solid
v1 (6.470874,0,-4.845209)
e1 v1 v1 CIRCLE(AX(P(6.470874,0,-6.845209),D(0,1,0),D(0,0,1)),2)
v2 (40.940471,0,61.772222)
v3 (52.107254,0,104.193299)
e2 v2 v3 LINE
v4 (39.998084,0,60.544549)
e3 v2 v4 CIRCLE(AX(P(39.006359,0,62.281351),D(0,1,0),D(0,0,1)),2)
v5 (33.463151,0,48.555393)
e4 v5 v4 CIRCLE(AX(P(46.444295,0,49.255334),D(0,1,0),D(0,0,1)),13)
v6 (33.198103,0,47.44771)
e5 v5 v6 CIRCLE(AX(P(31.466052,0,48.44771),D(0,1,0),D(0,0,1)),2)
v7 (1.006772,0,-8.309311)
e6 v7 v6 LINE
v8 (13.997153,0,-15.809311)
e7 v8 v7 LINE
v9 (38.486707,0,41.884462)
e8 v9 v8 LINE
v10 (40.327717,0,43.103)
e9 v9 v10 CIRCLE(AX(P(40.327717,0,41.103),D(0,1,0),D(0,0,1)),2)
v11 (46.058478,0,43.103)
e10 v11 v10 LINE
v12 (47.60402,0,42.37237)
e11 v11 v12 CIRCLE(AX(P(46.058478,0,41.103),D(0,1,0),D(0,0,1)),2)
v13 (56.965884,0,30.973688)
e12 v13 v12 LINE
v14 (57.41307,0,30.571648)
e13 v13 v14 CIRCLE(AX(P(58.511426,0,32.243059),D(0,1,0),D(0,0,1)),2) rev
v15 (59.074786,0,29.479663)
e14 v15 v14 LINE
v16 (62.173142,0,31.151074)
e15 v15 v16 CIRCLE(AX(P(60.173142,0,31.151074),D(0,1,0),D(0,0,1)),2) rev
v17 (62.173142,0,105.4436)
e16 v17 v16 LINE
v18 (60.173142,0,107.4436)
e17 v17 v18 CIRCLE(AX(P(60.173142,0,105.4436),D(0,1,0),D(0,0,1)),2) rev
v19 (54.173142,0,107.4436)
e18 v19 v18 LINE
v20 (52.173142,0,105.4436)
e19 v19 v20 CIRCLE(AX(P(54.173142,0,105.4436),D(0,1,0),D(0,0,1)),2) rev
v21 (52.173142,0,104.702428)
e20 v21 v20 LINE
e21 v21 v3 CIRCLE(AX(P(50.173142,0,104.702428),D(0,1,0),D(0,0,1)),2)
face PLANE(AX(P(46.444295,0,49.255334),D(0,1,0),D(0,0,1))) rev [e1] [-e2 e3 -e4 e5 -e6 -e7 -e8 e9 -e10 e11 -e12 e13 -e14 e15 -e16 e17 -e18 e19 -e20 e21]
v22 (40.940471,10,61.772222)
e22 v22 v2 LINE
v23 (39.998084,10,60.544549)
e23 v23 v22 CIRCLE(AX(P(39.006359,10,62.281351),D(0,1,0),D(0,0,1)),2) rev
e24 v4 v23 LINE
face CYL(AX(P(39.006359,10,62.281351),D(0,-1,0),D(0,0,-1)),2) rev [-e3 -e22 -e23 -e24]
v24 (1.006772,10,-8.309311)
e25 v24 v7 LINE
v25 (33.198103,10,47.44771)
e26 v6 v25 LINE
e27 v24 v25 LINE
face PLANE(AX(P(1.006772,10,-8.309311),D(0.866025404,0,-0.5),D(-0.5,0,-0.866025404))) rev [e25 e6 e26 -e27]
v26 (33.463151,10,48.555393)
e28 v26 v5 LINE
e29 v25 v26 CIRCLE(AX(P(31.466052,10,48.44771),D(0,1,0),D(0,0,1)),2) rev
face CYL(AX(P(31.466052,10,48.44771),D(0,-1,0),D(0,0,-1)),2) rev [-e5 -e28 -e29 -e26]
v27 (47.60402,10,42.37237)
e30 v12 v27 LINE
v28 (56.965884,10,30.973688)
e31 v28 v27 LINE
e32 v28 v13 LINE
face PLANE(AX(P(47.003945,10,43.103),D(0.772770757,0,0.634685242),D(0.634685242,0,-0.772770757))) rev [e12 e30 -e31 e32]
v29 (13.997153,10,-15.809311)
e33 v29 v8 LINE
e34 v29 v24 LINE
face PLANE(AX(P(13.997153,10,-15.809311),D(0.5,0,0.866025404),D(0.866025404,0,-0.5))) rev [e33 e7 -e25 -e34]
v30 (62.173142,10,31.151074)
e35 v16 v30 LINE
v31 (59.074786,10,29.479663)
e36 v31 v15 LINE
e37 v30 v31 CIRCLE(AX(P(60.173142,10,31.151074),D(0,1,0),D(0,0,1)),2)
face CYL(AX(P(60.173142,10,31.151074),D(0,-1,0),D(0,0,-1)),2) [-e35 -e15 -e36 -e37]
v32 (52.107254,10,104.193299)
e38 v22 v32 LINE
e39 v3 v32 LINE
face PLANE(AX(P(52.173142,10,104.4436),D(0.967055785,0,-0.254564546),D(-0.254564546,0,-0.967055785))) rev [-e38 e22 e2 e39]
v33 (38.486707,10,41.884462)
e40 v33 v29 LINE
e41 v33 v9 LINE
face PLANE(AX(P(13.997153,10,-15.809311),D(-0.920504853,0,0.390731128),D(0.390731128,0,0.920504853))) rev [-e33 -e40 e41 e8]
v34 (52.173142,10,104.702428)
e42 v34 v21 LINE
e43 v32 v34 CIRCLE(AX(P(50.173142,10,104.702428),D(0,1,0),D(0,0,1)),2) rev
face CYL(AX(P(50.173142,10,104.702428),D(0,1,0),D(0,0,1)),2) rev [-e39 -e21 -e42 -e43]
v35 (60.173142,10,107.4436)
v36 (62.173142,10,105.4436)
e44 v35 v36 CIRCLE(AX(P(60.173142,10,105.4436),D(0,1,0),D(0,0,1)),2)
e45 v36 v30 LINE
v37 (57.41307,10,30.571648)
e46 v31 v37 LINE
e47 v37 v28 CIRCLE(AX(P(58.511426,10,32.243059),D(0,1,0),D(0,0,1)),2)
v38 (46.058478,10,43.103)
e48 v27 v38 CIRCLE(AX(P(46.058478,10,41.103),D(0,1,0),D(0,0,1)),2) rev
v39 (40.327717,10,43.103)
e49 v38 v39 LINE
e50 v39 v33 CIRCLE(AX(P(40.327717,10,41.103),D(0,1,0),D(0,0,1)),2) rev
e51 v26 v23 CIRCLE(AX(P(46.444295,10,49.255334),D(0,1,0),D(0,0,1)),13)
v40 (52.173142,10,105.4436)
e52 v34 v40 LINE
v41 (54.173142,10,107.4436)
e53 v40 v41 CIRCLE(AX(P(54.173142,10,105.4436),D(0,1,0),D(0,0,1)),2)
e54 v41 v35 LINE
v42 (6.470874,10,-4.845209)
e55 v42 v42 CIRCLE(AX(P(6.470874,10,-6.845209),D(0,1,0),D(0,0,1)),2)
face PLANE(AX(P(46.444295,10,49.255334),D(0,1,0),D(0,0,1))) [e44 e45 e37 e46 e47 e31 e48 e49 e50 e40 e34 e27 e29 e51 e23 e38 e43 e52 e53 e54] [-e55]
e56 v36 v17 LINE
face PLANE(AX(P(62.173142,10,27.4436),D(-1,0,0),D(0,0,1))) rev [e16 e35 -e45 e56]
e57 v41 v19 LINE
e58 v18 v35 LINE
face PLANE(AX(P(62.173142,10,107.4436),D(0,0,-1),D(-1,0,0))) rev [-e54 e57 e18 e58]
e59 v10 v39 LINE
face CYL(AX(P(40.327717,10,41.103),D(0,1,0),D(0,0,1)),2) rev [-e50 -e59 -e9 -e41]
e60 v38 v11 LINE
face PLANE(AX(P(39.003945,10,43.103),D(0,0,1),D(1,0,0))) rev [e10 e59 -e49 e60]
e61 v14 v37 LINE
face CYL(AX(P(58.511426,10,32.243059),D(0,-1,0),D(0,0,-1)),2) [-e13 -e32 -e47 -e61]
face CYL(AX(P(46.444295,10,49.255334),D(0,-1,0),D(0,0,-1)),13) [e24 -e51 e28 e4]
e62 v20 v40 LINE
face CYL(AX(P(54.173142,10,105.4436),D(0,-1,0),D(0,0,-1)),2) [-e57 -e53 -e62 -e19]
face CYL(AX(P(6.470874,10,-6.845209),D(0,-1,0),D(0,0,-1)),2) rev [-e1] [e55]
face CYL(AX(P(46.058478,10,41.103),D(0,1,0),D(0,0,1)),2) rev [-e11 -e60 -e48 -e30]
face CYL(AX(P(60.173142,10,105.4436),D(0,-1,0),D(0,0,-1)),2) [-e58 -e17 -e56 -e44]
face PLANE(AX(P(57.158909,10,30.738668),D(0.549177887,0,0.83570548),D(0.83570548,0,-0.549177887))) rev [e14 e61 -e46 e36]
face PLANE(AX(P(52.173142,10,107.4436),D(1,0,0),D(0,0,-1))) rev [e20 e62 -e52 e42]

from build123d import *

# Parameters (mm, degrees)
SKETCH1_R           = 2
BOSS_EXTRUDE1_DEPTH = 10
FILLET1_R           = 2


with BuildPart() as part:
    # Sketch1 → Boss-Extrude1 (new body)
    with BuildSketch(Plane(origin=(0, 0, 0), x_dir=(1, 0, 0), z_dir=(0, 1, 0))):
        with BuildLine():
            Line((13.99715319, 15.809310821), (1.006772133, 8.309310821))
            Line((1.006772133, 8.309310821), (33.506772133, -47.982340425))
            ThreePointArc((33.506772133, -47.982340425), (35.087704929, -55.582092399), (40.71773761, -60.926090021))
            Line((40.71773761, -60.926090021), (52.173142167, -104.443600363))
            Line((52.173142167, -104.443600363), (52.173142167, -107.443600363))
            Line((52.173142167, -107.443600363), (62.173142167, -107.443600363))
            Line((62.173142167, -107.443600363), (62.173142167, -27.443600363))
            Line((62.173142167, -27.443600363), (57.158909288, -30.738667683))
            Line((57.158909288, -30.738667683), (47.003945413, -43.1029998))
            Line((47.003945413, -43.1029998), (39.003945413, -43.1029998))
            Line((39.003945413, -43.1029998), (13.99715319, 15.809310821))
        make_face()
        with Locations(Location((6.470873748, 6.845209206, 0), (0, 0, 270))):
            Circle(SKETCH1_R, mode=Mode.SUBTRACT)
    extrude(amount=BOSS_EXTRUDE1_DEPTH)

    # Fillet1
    fillet1_edges = [part.edges().sort_by_distance(p)[0] for p in [
        (39.003945413, 5, 43.1029998),
        (47.003945413, 5, 43.1029998),
        (57.158909288, 5, 30.738667683),
        (62.173142167, 5, 27.443600363),
        (62.173142167, 5, 107.443600363),
        (52.173142167, 5, 107.443600363),
        (52.173142167, 5, 104.443600363),
        (40.71773761, 5, 60.926090021),
        (33.506772133, 5, 47.982340425),
    ]]
    fillet(fillet1_edges, radius=FILLET1_R)


solid = part.part
